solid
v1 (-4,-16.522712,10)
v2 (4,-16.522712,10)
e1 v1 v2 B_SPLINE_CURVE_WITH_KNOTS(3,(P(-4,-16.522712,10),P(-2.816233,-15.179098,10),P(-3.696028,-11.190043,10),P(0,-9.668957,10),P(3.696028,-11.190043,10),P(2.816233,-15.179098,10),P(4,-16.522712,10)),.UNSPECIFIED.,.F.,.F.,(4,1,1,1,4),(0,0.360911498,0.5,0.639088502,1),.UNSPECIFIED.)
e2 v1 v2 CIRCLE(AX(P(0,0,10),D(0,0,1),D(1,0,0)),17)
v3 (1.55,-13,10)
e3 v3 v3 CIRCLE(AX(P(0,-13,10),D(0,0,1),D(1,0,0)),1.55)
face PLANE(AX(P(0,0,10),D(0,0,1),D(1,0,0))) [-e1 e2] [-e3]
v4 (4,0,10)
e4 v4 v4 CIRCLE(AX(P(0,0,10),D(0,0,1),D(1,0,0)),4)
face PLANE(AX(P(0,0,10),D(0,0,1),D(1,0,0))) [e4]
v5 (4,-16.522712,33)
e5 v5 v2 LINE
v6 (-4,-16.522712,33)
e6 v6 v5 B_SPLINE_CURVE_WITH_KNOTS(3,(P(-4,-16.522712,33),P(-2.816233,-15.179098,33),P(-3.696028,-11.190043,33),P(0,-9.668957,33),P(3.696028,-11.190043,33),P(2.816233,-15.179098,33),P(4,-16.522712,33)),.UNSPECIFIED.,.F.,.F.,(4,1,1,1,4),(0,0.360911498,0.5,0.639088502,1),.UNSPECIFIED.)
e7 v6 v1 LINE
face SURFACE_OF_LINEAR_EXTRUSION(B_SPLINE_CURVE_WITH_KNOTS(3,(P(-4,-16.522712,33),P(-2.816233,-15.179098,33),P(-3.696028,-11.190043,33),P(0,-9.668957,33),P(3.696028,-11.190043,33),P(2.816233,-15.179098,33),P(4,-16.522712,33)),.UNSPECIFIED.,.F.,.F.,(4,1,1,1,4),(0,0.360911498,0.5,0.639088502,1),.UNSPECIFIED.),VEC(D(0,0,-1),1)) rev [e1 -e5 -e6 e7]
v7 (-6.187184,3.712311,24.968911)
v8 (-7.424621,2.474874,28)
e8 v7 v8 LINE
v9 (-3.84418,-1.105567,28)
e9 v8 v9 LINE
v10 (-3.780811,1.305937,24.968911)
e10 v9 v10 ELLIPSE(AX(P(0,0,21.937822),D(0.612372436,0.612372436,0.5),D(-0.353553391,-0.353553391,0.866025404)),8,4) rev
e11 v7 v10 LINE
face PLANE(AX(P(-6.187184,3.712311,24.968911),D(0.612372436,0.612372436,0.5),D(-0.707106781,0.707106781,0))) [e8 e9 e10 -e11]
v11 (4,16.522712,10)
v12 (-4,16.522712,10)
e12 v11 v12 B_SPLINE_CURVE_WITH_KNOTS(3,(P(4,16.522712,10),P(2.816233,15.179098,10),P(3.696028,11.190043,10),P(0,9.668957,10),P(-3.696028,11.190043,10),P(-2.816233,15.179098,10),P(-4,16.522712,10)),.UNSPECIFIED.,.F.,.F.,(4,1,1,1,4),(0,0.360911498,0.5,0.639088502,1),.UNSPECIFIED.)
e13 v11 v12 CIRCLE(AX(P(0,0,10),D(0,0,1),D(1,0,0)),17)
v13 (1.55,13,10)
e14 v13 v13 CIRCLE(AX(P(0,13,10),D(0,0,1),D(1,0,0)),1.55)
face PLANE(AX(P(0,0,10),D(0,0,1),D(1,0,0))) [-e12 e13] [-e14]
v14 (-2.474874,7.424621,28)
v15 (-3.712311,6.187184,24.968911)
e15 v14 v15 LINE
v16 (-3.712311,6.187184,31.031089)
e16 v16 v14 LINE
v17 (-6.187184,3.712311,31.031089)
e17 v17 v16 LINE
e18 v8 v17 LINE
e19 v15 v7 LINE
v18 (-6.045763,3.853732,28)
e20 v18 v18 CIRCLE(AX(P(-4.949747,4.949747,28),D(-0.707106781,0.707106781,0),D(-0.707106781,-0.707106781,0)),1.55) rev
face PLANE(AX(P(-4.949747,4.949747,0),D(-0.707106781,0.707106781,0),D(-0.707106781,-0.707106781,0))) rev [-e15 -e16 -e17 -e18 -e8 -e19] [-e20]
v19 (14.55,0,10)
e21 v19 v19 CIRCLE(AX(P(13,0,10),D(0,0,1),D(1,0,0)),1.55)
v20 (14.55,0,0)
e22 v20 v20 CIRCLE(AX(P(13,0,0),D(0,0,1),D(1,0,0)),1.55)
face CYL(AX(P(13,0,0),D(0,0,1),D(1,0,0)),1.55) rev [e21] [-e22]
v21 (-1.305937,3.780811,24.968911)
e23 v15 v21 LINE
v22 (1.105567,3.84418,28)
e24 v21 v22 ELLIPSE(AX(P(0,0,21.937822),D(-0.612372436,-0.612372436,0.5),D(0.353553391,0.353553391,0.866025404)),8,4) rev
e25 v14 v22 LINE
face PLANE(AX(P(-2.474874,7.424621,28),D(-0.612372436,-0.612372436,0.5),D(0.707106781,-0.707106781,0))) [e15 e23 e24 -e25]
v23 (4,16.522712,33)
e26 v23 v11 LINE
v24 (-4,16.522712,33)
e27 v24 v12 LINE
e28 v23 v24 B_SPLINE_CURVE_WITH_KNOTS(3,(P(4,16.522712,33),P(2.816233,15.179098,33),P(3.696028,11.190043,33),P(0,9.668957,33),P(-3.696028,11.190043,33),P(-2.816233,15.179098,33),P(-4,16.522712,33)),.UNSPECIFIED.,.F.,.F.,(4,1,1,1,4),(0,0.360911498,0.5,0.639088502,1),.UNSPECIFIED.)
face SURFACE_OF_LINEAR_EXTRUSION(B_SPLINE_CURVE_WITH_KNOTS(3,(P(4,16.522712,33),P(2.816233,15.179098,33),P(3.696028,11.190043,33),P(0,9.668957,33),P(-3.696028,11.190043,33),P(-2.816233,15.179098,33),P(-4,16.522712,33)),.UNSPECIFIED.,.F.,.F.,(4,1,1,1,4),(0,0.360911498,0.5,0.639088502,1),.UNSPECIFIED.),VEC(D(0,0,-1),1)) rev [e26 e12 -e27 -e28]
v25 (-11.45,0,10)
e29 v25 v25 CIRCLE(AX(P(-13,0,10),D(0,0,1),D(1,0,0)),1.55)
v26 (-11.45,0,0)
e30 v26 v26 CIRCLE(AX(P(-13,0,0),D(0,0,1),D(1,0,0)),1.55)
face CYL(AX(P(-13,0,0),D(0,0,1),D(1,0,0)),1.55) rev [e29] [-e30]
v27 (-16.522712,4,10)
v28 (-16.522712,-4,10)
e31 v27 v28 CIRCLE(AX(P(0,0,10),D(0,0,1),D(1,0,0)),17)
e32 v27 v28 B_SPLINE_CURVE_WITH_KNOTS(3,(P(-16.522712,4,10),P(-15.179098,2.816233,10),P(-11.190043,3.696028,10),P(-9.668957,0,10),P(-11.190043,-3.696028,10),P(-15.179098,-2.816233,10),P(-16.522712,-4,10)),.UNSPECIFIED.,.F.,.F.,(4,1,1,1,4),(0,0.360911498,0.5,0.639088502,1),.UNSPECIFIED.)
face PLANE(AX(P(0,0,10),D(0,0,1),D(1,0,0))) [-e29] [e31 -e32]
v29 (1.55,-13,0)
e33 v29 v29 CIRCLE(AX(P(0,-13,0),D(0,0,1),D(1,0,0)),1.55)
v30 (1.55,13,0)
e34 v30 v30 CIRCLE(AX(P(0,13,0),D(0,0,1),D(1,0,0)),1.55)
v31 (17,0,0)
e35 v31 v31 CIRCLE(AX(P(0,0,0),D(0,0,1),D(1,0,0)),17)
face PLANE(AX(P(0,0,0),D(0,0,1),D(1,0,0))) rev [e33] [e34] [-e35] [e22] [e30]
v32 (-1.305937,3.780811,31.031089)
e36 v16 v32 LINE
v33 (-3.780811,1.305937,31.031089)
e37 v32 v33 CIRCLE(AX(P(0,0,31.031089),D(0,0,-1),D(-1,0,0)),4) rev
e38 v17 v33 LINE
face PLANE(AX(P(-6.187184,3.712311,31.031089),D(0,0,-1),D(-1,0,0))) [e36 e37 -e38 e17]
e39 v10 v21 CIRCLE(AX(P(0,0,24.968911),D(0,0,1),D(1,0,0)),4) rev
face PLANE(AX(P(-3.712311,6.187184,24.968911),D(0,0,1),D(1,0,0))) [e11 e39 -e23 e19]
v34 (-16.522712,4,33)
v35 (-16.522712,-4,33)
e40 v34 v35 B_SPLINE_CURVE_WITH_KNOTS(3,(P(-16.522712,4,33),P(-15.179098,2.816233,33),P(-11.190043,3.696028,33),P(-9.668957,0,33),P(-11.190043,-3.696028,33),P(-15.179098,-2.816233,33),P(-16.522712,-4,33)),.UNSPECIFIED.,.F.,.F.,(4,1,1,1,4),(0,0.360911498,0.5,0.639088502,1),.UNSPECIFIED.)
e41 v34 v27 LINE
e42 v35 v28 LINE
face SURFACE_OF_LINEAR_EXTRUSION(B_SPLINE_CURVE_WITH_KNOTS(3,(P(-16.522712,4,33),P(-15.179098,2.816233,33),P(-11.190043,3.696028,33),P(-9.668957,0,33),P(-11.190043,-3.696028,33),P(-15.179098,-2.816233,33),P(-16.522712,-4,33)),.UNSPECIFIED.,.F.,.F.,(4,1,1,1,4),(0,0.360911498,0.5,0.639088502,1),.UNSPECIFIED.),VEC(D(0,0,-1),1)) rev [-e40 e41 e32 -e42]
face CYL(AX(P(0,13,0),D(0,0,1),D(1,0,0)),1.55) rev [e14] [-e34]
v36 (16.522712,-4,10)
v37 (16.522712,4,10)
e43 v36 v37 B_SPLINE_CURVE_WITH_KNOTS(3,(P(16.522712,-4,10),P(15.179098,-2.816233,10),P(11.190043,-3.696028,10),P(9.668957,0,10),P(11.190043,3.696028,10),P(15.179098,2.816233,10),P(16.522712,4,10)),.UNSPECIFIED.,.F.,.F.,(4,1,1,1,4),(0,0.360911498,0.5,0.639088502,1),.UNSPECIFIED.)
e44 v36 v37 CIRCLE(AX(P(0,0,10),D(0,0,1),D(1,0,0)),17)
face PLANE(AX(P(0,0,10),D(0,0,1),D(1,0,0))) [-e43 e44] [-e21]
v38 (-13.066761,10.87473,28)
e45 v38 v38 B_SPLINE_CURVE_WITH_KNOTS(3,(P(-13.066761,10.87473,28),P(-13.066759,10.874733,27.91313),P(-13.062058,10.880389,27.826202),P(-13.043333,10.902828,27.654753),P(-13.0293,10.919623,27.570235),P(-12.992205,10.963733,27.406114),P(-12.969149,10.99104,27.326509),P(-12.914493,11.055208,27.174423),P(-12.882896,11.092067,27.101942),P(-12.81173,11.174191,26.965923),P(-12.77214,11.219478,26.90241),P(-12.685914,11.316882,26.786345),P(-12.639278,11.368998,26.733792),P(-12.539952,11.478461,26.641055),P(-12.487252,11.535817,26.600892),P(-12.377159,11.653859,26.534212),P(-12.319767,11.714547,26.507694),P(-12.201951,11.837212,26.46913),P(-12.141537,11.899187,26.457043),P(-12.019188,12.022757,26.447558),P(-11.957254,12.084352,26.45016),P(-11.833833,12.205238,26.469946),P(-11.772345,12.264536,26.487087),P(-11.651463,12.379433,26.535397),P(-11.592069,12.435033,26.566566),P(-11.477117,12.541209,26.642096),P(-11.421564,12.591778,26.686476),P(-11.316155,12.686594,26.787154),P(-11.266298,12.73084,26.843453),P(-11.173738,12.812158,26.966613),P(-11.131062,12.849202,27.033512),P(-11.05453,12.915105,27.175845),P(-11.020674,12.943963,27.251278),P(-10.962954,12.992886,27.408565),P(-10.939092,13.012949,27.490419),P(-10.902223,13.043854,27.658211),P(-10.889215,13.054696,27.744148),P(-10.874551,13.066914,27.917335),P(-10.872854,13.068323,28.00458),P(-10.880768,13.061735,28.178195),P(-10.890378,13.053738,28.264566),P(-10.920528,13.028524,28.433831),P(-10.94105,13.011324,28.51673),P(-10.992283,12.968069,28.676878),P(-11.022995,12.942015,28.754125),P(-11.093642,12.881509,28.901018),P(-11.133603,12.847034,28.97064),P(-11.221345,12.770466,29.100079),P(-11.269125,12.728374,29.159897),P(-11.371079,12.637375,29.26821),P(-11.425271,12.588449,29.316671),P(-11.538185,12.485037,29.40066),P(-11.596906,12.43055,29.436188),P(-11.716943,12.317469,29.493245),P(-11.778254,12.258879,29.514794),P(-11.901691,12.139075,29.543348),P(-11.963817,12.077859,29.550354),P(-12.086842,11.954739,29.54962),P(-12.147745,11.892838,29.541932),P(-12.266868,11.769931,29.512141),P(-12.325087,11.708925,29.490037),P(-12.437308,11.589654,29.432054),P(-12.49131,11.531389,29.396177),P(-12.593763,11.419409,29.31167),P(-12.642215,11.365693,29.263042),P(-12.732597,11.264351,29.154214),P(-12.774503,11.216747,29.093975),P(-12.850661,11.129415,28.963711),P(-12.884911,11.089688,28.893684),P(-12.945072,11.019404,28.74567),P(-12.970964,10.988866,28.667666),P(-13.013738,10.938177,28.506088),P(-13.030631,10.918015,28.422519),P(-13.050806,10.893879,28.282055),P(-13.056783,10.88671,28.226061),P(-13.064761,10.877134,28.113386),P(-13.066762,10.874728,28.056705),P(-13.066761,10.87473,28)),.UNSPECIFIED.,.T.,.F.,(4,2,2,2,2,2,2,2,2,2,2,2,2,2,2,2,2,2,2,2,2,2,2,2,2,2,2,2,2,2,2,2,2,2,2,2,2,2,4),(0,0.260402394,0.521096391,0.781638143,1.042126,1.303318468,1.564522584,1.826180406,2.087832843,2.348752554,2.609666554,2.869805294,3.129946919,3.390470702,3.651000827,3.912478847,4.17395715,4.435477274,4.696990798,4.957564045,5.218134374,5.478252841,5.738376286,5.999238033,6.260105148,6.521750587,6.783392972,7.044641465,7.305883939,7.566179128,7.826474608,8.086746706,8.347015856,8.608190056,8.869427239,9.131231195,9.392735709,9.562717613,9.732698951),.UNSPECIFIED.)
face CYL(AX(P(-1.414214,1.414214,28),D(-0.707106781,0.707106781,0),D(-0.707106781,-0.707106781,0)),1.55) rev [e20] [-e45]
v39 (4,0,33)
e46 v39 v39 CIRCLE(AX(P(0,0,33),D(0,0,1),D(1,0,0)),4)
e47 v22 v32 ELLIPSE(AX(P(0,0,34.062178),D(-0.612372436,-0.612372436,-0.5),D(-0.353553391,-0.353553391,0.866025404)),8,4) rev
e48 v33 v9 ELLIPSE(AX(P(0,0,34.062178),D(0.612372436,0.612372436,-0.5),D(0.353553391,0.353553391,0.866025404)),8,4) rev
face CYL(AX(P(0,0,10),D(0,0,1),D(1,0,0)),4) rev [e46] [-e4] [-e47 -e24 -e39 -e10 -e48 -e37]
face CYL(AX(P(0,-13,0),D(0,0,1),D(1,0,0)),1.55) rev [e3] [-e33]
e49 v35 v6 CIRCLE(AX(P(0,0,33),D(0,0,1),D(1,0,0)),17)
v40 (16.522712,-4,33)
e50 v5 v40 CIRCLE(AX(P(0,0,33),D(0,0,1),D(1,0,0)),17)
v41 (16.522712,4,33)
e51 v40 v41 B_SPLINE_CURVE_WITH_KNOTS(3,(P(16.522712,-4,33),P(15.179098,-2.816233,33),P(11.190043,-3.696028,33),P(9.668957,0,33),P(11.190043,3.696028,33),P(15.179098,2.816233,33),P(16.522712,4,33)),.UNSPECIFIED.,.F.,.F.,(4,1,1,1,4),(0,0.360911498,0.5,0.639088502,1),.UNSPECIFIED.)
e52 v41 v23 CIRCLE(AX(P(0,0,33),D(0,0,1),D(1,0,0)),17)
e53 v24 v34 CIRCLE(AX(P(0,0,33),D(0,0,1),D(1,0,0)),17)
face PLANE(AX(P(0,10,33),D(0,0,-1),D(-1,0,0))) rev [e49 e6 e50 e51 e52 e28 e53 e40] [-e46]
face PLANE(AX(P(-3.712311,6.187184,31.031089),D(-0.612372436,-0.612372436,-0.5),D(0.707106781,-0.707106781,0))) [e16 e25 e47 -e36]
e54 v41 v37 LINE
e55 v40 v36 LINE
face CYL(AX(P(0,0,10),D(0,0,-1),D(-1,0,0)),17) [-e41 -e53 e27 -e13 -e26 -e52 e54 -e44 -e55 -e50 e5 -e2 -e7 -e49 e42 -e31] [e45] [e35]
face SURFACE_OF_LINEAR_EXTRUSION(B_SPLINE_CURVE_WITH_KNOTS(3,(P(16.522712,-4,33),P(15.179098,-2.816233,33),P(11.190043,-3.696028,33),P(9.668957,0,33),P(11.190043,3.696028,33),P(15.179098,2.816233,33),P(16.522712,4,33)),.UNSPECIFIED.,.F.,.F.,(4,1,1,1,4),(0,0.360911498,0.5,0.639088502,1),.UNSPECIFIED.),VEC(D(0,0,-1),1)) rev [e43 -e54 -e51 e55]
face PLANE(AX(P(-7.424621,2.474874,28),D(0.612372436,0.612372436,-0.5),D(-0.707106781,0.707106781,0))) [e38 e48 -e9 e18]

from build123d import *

# Parameters (mm, degrees)
SKETCH1_R           = 17
BOSS_EXTRUDE1_DEPTH = 10
SKETCH2_R           = 1.55
CUT_EXTRUDE1_DEPTH  = 27.038433133
BOSS_EXTRUDE3_DEPTH = 23
SKETCH4_R           = 4
CUT_EXTRUDE2_DEPTH  = 23
SKETCH7_R           = 1.55
CUT_EXTRUDE3_DEPTH  = 15
CUT_EXTRUDE6_DEPTH  = 7


with BuildPart() as part:
    # Sketch1 → Boss-Extrude1 (new body)
    with BuildSketch(Plane.XY):
        Circle(SKETCH1_R)
    extrude(amount=BOSS_EXTRUDE1_DEPTH)

    # Sketch2 → Cut-Extrude1 (cut, through all)
    with BuildSketch(Plane.XY.offset(10)):
        with Locations((13, 0)):
            Circle(SKETCH2_R)
        with Locations((0, -13)):
            Circle(SKETCH2_R)
        with Locations((-13, 0)):
            Circle(SKETCH2_R)
        with Locations((0, 13)):
            Circle(SKETCH2_R)
    extrude(amount=-CUT_EXTRUDE1_DEPTH, mode=Mode.SUBTRACT)

    # Sketch3 → Boss-Extrude3 (add)
    with BuildSketch(Plane.XY.offset(10)):
        with BuildLine():
            ThreePointArc((16.522711642, 4), (12.02081528, 12.02081528), (4, 16.522711642))
            add(Edge.make_bspline(
                [(4, 16.522711642), (2.816233041, 15.179097537), (3.696027617, 11.190043266), (0, 9.66895733), (-3.696027617, 11.190043266), (-2.816233041, 15.179097537), (-4, 16.522711642)],
                knots=[0, 0, 0, 0, 0.360911498, 0.5, 0.639088502, 1, 1, 1, 1], degree=3))
            ThreePointArc((-4, 16.522711642), (-12.02081528, 12.02081528), (-16.522711642, 4))
            add(Edge.make_bspline(
                [(-16.522711642, 4), (-15.179097537, 2.816233041), (-11.190043266, 3.696027617), (-9.66895733, 0), (-11.190043266, -3.696027617), (-15.179097537, -2.816233041), (-16.522711642, -4)],
                knots=[0, 0, 0, 0, 0.360911498, 0.5, 0.639088502, 1, 1, 1, 1], degree=3))
            ThreePointArc((-16.522711642, -4), (-12.02081528, -12.02081528), (-4, -16.522711642))
            add(Edge.make_bspline(
                [(-4, -16.522711642), (-2.816233041, -15.179097537), (-3.696027617, -11.190043266), (0, -9.66895733), (3.696027617, -11.190043266), (2.816233041, -15.179097537), (4, -16.522711642)],
                knots=[0, 0, 0, 0, 0.360911498, 0.5, 0.639088502, 1, 1, 1, 1], degree=3))
            ThreePointArc((4, -16.522711642), (12.02081528, -12.02081528), (16.522711642, -4))
            add(Edge.make_bspline(
                [(16.522711642, -4), (15.179097537, -2.816233041), (11.190043266, -3.696027617), (9.66895733, 0), (11.190043266, 3.696027617), (15.179097537, 2.816233041), (16.522711642, 4)],
                knots=[0, 0, 0, 0, 0.360911498, 0.5, 0.639088502, 1, 1, 1, 1], degree=3))
        make_face()
    extrude(amount=BOSS_EXTRUDE3_DEPTH)

    # Sketch4 → Cut-Extrude2 (cut)
    with BuildSketch(Plane.XY.offset(33)):
        Circle(SKETCH4_R)
    extrude(amount=-CUT_EXTRUDE2_DEPTH, mode=Mode.SUBTRACT)

    # Sketch7 → Cut-Extrude3 (cut)
    with BuildSketch(Plane(origin=(-12.02081528, 12.02081528, 0), x_dir=(0, 0, -1), z_dir=(-0.7071067811865464, 0.7071067811865488, 0))):
        with Locations(Location((-28, 0, 0), (0, 0, 90))):
            Circle(SKETCH7_R)
    extrude(amount=-CUT_EXTRUDE3_DEPTH, mode=Mode.SUBTRACT)

    # Sketch11 → Cut-Extrude6 (cut)
    with BuildSketch(Plane(origin=(0, 0, 0), x_dir=(0, 0, -1), z_dir=(-0.7071067811865464, 0.7071067811865488, 0))):
        Polygon((-28, 3.5), (-31.031088913, 1.75), (-31.031088913, -1.75), (-28, -3.5), (-24.968911087, -1.75), (-24.968911087, 1.75), align=None)
    extrude(amount=CUT_EXTRUDE6_DEPTH, mode=Mode.SUBTRACT)


solid = part.part
